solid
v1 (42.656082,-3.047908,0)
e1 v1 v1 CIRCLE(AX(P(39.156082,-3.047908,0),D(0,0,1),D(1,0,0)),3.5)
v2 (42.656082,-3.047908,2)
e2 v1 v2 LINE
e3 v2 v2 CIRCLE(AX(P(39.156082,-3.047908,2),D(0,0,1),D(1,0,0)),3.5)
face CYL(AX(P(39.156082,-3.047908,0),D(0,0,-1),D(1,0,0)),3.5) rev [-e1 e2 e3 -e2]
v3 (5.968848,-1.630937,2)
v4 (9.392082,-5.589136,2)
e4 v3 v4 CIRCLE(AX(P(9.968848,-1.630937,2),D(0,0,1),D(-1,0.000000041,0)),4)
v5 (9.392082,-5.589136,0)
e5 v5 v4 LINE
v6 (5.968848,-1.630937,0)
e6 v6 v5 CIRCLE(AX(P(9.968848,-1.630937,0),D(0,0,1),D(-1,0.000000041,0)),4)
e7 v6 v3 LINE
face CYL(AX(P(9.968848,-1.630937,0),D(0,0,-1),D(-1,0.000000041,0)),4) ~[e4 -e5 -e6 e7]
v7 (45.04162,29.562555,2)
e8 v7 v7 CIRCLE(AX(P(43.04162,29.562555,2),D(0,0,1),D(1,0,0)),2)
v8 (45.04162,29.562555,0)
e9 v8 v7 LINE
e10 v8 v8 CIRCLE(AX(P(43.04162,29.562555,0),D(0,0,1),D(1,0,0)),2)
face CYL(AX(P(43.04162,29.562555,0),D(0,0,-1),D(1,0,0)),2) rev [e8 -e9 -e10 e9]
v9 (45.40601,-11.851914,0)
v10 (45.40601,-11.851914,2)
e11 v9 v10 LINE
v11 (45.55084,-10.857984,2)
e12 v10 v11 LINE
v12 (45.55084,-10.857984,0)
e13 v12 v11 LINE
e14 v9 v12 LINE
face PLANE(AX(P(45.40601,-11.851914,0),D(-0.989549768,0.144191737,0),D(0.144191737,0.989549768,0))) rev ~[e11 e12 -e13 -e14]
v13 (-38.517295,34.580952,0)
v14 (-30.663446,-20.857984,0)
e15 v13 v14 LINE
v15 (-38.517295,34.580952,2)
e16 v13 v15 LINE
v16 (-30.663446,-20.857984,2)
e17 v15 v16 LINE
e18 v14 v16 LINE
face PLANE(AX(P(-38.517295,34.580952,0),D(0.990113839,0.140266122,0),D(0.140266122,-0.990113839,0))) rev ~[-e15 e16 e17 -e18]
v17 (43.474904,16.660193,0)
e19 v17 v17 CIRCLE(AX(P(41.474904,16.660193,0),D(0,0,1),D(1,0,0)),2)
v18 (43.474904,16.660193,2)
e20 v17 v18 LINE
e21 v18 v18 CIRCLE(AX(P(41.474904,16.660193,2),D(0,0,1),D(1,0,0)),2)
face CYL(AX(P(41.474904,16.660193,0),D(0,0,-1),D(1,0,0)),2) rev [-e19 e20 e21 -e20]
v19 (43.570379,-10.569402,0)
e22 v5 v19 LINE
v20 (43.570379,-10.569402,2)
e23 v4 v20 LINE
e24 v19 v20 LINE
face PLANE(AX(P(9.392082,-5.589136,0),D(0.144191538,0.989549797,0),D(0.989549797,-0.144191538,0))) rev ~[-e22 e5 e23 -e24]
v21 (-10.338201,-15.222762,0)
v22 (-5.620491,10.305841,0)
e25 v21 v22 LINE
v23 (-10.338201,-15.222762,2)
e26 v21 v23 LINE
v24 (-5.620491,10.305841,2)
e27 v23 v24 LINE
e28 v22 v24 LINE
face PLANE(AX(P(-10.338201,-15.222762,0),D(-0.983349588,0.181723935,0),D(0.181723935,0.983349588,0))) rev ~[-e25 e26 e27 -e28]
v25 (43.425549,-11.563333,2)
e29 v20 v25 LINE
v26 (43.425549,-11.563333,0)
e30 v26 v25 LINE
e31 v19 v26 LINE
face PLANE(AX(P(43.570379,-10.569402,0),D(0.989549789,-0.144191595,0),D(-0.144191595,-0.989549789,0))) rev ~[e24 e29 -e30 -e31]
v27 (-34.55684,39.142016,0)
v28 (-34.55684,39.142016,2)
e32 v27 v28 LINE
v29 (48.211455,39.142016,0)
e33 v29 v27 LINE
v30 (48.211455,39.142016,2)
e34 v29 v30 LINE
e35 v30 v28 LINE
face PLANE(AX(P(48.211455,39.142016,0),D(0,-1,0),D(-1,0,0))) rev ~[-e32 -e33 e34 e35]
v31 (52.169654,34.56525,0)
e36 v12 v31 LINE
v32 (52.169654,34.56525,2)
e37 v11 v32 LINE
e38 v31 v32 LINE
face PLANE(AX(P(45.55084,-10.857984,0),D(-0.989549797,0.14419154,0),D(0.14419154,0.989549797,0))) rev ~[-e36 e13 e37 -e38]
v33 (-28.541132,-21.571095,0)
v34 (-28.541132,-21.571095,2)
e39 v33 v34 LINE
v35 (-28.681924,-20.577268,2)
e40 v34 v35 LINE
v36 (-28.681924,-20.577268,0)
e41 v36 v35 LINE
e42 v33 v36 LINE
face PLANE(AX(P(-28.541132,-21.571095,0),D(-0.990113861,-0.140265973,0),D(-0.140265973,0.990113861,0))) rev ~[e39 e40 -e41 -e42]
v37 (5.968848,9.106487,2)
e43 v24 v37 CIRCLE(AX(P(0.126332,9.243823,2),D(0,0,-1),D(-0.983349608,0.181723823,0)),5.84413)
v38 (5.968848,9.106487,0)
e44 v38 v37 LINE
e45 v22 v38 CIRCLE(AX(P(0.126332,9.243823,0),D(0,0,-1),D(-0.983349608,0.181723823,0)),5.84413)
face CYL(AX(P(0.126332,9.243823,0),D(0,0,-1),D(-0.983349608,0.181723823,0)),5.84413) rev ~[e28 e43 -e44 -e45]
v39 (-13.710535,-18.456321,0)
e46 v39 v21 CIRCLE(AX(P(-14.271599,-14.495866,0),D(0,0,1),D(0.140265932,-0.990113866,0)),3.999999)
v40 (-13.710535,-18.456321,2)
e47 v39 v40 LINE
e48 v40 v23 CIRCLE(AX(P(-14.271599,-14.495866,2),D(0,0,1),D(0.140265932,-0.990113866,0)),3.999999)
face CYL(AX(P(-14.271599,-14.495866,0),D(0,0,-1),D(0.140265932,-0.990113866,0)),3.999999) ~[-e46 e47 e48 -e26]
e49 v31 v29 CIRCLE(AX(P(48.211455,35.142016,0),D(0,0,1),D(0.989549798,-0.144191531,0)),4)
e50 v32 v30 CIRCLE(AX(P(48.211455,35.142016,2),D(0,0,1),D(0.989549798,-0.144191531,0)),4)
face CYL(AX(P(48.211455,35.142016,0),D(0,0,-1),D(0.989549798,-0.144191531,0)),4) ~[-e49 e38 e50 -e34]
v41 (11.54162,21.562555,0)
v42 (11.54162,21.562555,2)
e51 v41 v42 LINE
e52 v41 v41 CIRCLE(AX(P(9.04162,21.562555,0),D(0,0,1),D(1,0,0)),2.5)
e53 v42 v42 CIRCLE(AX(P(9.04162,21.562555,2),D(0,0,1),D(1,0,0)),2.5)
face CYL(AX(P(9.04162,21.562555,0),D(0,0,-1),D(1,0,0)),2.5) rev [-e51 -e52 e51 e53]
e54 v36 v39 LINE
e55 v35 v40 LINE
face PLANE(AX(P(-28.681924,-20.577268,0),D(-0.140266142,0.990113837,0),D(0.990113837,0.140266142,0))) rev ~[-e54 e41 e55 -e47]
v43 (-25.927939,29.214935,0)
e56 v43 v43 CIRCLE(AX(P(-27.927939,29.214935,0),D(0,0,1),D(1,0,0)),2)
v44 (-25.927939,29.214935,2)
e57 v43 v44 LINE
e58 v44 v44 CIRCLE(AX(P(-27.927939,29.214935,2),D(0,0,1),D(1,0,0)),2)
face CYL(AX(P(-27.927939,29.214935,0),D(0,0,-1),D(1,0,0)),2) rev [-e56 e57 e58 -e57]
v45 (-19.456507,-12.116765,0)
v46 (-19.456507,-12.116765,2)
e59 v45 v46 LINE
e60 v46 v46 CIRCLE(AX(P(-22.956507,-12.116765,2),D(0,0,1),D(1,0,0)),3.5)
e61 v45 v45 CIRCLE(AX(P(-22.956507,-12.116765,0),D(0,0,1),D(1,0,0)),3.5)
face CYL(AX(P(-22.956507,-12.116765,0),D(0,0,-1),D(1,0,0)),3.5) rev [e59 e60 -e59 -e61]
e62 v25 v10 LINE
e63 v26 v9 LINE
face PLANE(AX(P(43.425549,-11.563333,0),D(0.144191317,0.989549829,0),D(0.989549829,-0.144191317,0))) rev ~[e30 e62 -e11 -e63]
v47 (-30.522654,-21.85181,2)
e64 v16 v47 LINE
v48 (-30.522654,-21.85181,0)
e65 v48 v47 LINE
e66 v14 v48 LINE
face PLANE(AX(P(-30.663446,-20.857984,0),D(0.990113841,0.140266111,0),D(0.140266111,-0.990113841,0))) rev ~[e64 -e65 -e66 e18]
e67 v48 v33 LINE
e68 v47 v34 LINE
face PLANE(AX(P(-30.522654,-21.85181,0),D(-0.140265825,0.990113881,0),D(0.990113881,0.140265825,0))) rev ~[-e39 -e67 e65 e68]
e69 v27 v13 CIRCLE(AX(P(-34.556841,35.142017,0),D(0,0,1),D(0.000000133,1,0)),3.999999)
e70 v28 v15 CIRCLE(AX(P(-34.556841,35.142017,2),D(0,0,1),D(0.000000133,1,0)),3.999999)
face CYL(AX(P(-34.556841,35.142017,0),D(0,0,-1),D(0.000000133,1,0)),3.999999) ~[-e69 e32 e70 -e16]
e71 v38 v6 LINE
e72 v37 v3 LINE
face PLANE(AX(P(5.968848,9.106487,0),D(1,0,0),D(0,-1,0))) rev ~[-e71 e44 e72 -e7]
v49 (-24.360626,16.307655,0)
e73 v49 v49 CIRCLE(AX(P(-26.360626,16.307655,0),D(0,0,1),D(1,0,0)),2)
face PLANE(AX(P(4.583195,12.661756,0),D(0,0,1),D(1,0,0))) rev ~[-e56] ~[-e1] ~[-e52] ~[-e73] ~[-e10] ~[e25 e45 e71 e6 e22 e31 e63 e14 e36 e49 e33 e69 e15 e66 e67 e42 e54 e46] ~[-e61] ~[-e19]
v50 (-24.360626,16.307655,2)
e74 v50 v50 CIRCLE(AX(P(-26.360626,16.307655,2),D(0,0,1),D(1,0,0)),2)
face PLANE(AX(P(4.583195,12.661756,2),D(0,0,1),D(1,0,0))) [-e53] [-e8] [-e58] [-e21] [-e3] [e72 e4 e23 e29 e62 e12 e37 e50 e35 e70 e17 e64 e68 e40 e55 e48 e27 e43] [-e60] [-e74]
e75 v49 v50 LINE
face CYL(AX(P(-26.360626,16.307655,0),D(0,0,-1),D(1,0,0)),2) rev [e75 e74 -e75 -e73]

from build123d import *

# Parameters (mm, degrees)
F0_R     = 3.5
F0_R_2   = 2
F0_R_3   = 2.5
F1_DEPTH = 2


with BuildPart() as f1:
    # F0 (on Top) → F1 (new body)
    with BuildSketch(Plane.XY):
        with BuildLine():
            Line((48.211455, 39.142016), (-34.55684, 39.142016))
            ThreePointArc((-34.55684, 39.142016), (-37.577126, 37.764586), (-38.517295, 34.580952))
            Line((-38.517295, 34.580952), (-30.663446, -20.857984))
            Line((-30.663446, -20.857984), (-30.522654, -21.85181))
            Line((-30.522654, -21.85181), (-28.541132, -21.571095))
            Line((-28.541132, -21.571095), (-28.681924, -20.577268))
            Line((-28.681924, -20.577268), (-13.710535, -18.456321))
            ThreePointArc((-13.710535, -18.456321), (-11.503202, -17.383075), (-10.338201, -15.222762))
            Line((-10.338201, -15.222762), (-5.620491, 10.305841))
            ThreePointArc((-5.620491, 10.305841), (0.727915, 15.056908), (5.968848, 9.106487))
            Line((5.968848, 9.106487), (5.968848, -1.630937))
            ThreePointArc((5.968848, -1.630937), (6.943367, -4.247512), (9.392082, -5.589136))
            Line((9.392082, -5.589136), (43.570379, -10.569402))
            Line((43.570379, -10.569402), (43.425549, -11.563333))
            Line((43.425549, -11.563333), (45.40601, -11.851914))
            Line((45.40601, -11.851914), (45.55084, -10.857984))
            Line((45.55084, -10.857984), (52.169654, 34.56525))
            ThreePointArc((52.169654, 34.56525), (51.236935, 37.758592), (48.211455, 39.142016))
        make_face()
        with Locations((-22.956507, -12.116765)):
            Circle(F0_R, mode=Mode.SUBTRACT)
        with Locations((39.156082, -3.047908)):
            Circle(F0_R, mode=Mode.SUBTRACT)
        with Locations((-26.360626, 16.307655)):
            Circle(F0_R_2, mode=Mode.SUBTRACT)
        with Locations((-27.927939, 29.214935)):
            Circle(F0_R_2, mode=Mode.SUBTRACT)
        with Locations((9.04162, 21.562555)):
            Circle(F0_R_3, mode=Mode.SUBTRACT)
        with Locations((41.474904, 16.660193)):
            Circle(F0_R_2, mode=Mode.SUBTRACT)
        with Locations((43.04162, 29.562555)):
            Circle(F0_R_2, mode=Mode.SUBTRACT)
    extrude(amount=F1_DEPTH)


solid = f1.part
